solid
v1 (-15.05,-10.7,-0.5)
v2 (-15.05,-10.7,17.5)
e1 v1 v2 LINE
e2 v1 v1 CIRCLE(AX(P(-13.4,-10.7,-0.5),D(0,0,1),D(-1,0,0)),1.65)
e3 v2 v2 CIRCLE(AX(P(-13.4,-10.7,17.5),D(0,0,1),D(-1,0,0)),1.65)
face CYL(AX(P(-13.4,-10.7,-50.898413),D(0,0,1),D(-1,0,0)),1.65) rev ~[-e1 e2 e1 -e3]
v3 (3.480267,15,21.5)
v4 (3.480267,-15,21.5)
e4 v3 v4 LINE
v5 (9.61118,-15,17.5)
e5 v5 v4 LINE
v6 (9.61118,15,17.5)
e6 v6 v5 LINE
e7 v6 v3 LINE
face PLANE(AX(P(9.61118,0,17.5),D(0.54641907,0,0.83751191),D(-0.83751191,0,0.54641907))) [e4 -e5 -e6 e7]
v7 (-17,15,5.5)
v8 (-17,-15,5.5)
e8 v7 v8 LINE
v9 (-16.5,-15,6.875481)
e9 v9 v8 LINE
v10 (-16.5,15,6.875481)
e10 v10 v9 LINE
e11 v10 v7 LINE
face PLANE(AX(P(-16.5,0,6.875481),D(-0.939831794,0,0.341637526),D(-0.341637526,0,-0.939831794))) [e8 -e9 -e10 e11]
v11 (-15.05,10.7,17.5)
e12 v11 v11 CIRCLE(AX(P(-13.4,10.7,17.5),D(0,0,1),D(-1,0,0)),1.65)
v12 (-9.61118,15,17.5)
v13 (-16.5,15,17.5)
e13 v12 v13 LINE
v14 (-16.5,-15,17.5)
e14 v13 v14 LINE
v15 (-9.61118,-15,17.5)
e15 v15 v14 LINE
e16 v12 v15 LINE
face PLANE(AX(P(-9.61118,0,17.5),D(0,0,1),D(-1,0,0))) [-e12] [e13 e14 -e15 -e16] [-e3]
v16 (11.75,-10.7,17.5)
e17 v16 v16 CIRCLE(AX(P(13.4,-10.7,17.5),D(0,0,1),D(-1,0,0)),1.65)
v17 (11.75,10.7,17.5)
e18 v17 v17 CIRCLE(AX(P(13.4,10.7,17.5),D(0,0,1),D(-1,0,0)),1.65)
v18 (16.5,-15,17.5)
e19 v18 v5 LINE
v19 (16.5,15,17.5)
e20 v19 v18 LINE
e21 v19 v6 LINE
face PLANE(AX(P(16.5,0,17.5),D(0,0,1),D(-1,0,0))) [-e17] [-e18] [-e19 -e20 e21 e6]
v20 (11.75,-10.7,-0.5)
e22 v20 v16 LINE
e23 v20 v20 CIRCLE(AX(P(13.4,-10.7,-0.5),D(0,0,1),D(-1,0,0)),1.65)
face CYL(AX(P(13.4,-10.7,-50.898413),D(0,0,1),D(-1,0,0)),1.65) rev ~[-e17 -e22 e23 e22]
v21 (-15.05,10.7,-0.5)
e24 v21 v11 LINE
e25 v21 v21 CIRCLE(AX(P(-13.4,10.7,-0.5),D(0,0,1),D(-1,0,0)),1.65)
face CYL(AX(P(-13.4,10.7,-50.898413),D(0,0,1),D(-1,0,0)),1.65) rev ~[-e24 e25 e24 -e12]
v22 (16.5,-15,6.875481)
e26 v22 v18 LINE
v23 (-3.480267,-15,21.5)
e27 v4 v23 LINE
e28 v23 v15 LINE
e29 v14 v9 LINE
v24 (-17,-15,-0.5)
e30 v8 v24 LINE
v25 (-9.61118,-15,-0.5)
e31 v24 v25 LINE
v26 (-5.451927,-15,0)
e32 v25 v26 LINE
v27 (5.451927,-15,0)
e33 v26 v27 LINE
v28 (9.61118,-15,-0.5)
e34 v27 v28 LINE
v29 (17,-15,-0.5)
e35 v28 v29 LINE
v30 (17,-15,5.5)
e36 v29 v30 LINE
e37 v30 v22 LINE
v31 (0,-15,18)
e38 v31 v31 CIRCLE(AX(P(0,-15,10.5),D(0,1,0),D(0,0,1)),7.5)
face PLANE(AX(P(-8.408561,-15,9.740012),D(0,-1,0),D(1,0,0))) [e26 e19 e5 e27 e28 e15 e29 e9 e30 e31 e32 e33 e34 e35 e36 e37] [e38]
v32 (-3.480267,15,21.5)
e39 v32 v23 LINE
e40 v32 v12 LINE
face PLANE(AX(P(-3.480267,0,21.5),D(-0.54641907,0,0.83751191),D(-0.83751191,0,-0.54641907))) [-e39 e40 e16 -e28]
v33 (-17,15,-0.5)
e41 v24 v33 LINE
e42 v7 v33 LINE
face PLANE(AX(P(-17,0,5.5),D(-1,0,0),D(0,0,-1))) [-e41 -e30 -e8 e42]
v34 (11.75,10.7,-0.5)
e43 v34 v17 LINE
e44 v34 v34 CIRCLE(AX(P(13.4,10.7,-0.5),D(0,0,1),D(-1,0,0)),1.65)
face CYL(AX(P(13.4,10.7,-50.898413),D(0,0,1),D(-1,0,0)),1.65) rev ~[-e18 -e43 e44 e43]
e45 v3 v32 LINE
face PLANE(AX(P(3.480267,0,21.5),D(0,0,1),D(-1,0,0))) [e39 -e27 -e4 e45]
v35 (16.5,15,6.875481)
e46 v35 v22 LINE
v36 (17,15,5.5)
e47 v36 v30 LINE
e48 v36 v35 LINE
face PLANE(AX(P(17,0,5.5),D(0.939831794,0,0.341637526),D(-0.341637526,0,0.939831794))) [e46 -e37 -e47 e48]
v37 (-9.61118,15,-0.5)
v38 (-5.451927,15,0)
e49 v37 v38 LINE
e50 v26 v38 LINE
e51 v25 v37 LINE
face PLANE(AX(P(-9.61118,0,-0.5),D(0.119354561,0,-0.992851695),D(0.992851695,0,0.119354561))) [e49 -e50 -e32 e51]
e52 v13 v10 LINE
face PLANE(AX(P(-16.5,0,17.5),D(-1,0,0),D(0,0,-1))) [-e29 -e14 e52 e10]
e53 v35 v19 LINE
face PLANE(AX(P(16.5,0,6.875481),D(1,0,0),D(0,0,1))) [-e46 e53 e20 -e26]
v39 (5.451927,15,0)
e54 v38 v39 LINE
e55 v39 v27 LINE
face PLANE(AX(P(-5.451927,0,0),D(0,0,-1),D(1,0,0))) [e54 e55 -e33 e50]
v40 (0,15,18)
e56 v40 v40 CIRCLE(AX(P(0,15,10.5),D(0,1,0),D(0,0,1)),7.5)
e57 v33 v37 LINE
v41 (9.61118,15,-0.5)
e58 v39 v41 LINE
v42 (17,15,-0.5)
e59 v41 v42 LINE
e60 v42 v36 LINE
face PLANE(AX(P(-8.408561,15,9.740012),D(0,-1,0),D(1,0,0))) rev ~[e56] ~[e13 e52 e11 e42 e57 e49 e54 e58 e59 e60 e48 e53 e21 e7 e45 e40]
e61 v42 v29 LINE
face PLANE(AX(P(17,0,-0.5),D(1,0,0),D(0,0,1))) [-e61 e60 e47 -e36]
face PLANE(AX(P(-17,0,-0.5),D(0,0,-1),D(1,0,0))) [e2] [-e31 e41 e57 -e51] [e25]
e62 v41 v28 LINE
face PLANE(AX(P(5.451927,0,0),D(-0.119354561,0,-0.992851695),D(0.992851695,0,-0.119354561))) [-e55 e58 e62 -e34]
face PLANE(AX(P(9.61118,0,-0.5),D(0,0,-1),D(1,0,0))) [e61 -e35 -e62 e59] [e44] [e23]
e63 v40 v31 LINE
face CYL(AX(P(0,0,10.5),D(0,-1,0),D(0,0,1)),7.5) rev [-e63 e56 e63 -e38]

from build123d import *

# Parameters (mm, degrees)
F1_DEPTH = 15
F3_D     = 3.3


with BuildPart() as f1:
    # F0 (on Front) → F1 (new body, symmetric)
    with BuildSketch(Plane.XZ):
        with BuildLine():
            Line((-5.4519269615, 0), (0, 0))
            Line((0, 0), (0, 3))
            ThreePointArc((0, 3), (-7.5, 10.5), (0, 18))
            Line((0, 18), (0, 21.5))
            Line((0, 21.5), (-3.4802674782, 21.5))
            Line((-3.4802674782, 21.5), (-9.6111802198, 17.5))
            Line((-9.6111802198, 17.5), (-16.5, 17.5))
            Line((-16.5, 17.5), (-16.5, 6.8754809164))
            Line((-16.5, 6.8754809164), (-17, 5.5))
            Line((-17, 5.5), (-17, -0.5))
            Line((-17, -0.5), (-9.6111802198, -0.5))
            Line((-9.6111802198, -0.5), (-5.4519269615, 0))
        make_face()
        with BuildLine():
            Line((0, 3), (0, 0))
            Line((0, 0), (5.4519269615, 0))
            Line((5.4519269615, 0), (9.6111802198, -0.5))
            Line((9.6111802198, -0.5), (17, -0.5))
            Line((17, -0.5), (17, 5.5))
            Line((17, 5.5), (16.5, 6.8754809164))
            Line((16.5, 6.8754809164), (16.5, 17.5))
            Line((16.5, 17.5), (9.6111802198, 17.5))
            Line((9.6111802198, 17.5), (3.4802674782, 21.5))
            Line((3.4802674782, 21.5), (0, 21.5))
            Line((0, 21.5), (0, 18))
            ThreePointArc((0, 18), (7.5, 10.5), (0, 3))
        make_face()
    extrude(amount=F1_DEPTH, both=True)

    # F3 (through all)
    with Locations(Plane(origin=(0, 0, -0.5), x_dir=(1, 0, 0), z_dir=(0, 0, -1))):
        with Locations((-13.4, 10.7), (-13.4, -10.7), (13.4, -10.7), (13.4, 10.7)):
            Hole(F3_D / 2)


solid = f1.part
